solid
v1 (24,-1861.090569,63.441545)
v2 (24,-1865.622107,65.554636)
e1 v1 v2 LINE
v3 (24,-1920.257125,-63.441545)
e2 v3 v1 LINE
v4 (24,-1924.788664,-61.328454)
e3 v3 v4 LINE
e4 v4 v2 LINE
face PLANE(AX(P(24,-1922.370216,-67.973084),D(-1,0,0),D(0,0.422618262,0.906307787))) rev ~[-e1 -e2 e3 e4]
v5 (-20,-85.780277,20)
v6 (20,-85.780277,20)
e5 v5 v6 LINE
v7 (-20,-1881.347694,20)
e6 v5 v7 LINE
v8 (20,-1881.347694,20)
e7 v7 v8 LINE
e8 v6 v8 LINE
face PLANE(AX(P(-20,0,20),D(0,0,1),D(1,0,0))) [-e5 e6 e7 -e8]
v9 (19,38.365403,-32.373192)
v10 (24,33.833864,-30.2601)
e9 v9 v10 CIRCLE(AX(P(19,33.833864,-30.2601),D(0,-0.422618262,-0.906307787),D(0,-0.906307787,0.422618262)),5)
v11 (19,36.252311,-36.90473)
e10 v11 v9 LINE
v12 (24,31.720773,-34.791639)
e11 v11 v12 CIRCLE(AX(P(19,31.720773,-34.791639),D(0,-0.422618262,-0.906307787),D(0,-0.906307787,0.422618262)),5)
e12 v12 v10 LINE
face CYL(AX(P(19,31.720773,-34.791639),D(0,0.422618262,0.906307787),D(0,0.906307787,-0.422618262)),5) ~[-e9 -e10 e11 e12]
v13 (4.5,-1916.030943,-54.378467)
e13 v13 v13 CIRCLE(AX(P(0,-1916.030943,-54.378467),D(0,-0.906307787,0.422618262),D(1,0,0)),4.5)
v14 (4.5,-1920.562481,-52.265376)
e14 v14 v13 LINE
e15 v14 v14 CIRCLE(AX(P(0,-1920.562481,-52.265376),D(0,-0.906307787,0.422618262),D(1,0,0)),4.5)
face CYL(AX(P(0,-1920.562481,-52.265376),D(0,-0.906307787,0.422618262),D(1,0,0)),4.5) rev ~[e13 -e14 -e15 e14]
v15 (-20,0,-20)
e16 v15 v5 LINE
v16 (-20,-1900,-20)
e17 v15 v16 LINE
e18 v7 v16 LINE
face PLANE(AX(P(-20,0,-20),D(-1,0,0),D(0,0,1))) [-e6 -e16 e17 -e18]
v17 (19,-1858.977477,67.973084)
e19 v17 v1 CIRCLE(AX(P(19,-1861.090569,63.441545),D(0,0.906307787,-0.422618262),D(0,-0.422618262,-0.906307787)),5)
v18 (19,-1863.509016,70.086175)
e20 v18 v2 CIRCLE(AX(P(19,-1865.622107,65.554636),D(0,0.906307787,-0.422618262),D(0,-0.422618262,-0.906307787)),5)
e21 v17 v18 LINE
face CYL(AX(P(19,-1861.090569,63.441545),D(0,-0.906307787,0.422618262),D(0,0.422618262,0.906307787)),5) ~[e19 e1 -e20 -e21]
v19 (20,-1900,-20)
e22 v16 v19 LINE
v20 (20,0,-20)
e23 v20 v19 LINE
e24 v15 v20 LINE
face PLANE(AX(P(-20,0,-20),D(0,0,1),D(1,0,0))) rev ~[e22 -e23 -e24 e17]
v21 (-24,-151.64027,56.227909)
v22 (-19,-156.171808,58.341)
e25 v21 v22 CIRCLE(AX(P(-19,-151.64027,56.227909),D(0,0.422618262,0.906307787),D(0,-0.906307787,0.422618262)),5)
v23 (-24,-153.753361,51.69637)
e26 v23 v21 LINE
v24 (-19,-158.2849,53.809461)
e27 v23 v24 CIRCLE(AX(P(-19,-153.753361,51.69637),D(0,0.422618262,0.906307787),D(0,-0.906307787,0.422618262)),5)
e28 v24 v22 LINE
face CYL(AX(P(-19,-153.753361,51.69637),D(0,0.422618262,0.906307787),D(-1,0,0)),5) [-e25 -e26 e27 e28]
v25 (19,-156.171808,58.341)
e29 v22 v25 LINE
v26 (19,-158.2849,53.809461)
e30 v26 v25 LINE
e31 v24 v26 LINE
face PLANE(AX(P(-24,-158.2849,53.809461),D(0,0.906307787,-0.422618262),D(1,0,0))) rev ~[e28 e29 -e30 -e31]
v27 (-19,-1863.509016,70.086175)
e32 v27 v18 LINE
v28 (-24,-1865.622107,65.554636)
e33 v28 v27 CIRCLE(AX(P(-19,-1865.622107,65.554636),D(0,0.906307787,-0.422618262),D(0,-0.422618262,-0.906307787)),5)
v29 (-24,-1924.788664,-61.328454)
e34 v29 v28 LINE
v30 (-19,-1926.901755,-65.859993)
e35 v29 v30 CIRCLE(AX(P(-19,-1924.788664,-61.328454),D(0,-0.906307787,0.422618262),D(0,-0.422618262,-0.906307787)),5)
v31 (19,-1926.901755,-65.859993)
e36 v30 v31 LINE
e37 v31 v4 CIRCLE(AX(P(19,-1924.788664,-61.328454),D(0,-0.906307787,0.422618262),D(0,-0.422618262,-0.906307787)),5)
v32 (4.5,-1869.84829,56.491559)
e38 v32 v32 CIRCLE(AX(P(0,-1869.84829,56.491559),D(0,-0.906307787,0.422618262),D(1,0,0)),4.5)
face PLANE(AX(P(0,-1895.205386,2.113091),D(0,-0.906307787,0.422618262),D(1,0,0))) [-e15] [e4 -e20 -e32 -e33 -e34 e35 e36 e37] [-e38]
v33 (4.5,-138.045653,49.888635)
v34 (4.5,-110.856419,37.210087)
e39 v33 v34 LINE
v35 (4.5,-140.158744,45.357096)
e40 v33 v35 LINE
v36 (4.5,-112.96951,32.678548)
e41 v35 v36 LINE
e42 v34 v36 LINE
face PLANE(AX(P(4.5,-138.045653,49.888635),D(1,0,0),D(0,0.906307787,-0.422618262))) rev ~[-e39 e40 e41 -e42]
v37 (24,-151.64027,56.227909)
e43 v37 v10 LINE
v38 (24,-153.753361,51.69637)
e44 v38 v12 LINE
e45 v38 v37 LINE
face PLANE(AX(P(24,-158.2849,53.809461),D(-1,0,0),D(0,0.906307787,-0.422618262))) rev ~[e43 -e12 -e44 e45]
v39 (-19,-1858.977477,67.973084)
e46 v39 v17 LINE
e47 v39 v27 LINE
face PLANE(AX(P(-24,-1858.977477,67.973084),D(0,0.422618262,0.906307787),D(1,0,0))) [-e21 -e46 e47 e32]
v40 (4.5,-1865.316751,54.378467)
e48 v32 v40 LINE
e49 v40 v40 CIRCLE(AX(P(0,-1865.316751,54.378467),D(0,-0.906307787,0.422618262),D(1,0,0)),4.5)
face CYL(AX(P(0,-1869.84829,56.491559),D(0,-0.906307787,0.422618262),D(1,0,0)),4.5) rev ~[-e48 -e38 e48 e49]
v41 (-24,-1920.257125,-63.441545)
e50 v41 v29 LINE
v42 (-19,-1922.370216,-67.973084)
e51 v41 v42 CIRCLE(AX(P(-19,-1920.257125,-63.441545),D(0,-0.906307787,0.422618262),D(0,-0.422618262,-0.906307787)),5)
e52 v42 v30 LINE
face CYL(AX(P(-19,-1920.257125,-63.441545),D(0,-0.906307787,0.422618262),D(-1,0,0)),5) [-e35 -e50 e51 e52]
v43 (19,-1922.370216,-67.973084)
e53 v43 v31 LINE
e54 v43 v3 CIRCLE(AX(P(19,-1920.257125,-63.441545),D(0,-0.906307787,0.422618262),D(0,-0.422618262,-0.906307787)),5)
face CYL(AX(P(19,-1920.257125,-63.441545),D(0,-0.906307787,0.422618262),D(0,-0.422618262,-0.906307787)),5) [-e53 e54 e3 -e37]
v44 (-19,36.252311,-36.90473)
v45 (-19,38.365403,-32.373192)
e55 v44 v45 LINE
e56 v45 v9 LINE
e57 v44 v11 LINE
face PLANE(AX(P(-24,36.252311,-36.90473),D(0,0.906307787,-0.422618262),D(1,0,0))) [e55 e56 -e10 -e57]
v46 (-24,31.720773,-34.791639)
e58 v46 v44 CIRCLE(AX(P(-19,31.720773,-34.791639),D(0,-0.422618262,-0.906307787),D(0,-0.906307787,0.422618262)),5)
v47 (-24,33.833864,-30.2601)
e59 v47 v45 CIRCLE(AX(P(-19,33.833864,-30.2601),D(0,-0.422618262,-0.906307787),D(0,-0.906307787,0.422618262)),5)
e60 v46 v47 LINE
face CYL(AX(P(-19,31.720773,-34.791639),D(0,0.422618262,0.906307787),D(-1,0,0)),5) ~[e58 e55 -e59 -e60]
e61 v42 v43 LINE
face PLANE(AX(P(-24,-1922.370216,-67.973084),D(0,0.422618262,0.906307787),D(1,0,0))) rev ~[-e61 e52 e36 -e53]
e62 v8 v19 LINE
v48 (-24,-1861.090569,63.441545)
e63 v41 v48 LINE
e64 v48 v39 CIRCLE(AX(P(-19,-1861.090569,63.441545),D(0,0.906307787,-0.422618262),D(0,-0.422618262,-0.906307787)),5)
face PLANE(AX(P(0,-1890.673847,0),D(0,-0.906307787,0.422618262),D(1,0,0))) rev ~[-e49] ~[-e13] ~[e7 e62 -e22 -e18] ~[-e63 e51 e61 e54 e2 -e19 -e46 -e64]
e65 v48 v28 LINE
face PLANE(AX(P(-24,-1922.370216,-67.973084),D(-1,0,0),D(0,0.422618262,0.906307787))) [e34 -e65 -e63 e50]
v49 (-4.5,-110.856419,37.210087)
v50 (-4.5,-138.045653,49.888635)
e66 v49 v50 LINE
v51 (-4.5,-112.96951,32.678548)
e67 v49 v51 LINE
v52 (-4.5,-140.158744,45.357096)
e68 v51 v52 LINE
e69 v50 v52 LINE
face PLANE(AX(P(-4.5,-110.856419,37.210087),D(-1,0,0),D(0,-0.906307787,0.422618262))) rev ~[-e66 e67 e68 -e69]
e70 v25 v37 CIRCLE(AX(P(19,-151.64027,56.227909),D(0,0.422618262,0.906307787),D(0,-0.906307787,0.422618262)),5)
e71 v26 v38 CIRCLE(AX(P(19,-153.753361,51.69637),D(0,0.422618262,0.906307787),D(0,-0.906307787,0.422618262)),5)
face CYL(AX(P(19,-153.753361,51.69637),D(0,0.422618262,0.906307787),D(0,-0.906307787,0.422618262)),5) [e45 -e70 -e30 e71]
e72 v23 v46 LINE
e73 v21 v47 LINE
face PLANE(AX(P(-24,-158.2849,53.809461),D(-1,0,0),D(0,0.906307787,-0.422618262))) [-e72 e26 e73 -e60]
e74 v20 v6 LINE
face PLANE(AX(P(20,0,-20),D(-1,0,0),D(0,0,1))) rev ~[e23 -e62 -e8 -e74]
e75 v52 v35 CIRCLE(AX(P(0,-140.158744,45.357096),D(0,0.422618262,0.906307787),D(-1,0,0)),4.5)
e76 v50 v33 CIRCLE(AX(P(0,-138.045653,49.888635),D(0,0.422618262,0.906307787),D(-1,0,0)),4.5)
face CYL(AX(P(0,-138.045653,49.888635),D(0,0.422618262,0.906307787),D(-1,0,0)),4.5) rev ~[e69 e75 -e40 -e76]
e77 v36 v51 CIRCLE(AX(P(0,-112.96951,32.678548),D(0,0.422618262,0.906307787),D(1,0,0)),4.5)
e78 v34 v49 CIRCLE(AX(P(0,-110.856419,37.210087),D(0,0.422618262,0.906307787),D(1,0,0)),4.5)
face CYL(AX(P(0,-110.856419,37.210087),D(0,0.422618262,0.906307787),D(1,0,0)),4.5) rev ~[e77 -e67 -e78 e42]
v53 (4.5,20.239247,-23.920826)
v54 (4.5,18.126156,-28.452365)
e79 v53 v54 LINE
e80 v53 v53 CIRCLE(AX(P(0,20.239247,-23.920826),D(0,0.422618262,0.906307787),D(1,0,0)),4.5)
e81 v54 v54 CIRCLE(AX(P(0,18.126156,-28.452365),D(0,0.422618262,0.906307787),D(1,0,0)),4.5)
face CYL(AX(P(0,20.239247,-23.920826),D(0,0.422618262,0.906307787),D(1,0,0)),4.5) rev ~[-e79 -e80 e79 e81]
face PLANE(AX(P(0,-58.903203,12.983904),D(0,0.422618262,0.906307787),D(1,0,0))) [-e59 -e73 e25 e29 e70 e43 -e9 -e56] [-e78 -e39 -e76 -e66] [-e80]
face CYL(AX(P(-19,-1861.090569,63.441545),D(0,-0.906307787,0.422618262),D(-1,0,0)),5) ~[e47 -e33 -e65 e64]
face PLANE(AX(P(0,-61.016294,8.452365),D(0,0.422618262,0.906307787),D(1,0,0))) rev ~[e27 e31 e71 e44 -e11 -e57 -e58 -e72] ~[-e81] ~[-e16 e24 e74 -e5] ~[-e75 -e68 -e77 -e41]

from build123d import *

# Parameters (mm, degrees)
F0_W      = 40
F0_H      = 40
F1_DEPTH  = 1900
F3_DEPTH  = 40.001
F4_W      = 48
F4_H      = 214.6480633261
F5_DEPTH  = 5
F6_W      = 48
F6_H      = 150
F7_DEPTH  = 5
F8_R      = 4.5
F9_DEPTH  = 5
F10_R     = 4.5
F11_DEPTH = 5
F12_R     = 5


with BuildPart() as f1:
    # F0 (on Front) → F1 (new body)
    with BuildSketch(Plane.XZ):
        Rectangle(F0_W, F0_H)
    extrude(amount=F1_DEPTH)

    # F2 (on face) → F3 (cut, through all)
    with BuildSketch(Plane(origin=(-20, 0, 0), x_dir=(0, -1, 0), z_dir=(-1, 0, 0))):
        Polygon((85.7802768204, 20), (0, 20), (0, -20), align=None)
        Polygon((1900, -20), (1900, 20), (1881.3476936738, 20), align=None)
    extrude(amount=-F3_DEPTH, mode=Mode.SUBTRACT)

    # F4 (on face) → F5 (join)
    with BuildSketch(Plane(origin=(0, -7.6604444312, -16.4278760969), x_dir=(1, 0, 0), z_dir=(0, 0.4226182617, 0.906307787))):
        with Locations((0, -58.8716664282)):
            Rectangle(F4_W, F4_H)
    extrude(amount=F5_DEPTH)

    # F6 (on face) → F7 (join)
    with BuildSketch(Plane(origin=(0, -1552.987784771, 724.1700970599), x_dir=(1, 0, 0), z_dir=(0, -0.906307787, 0.4226182617))):
        with Locations((0, -799.0332946688)):
            Rectangle(F6_W, F6_H)
    extrude(amount=F7_DEPTH)

    # F8 (on face) → F9 (cut, through all)
    with BuildSketch(Plane(origin=(0, -1557.5193237062, 726.2831883686), x_dir=(1, 0, 0), z_dir=(0, -0.906307787, 0.4226182617))):
        with Locations((0, -859.0332946688)):
            Circle(F8_R)
        with Locations((0, -739.0332946688)):
            Circle(F8_R)
    extrude(amount=-F9_DEPTH, mode=Mode.SUBTRACT)

    # F10 (on face) → F11 (cut, through all)
    with BuildSketch(Plane(origin=(0, -5.5473531225, -11.8963371617), x_dir=(1, 0, 0), z_dir=(0, 0.4226182617, 0.906307787))):
        with Locations((0, 28.4523652348)):
            Circle(F10_R)
        with BuildLine():
            Line((-4.5, -146.1956980913), (4.5, -146.1956980913))
            ThreePointArc((4.5, -146.1956980913), (0, -141.6956980913), (-4.5, -146.1956980913))
        make_face()
        with BuildLine():
            ThreePointArc((-4.5, -146.1956980913), (0, -150.6956980913), (4.5, -146.1956980913))
            Line((4.5, -146.1956980913), (-4.5, -146.1956980913))
        make_face()
        with BuildLine():
            ThreePointArc((-4.5, -146.1956980913), (0, -141.6956980913), (4.5, -146.1956980913))
            Line((4.5, -146.1956980913), (4.5, -116.1956980913))
            Line((4.5, -116.1956980913), (-4.5, -116.1956980913))
            Line((-4.5, -116.1956980913), (-4.5, -146.1956980913))
        make_face()
        with BuildLine():
            Line((-4.5, -116.1956980913), (4.5, -116.1956980913))
            ThreePointArc((4.5, -116.1956980913), (0, -111.6956980913), (-4.5, -116.1956980913))
        make_face()
    extrude(amount=-F11_DEPTH, mode=Mode.SUBTRACT)

    # F12
    f12_edges = [f1.edges().sort_by_distance(p)[0] for p in [
        (-24, 37.308857, -34.638961),
        (-24, -157.228354, 56.07523),
        (24, 37.308857, -34.638961),
        (24, -157.228354, 56.07523),
        (-24, -1924.635986, -66.916538),
        (24, -1924.635986, -66.916538),
        (24, -1861.243247, 69.02963),
        (-24, -1861.243247, 69.02963),
    ]]
    fillet(f12_edges, radius=F12_R)


solid = f1.part
